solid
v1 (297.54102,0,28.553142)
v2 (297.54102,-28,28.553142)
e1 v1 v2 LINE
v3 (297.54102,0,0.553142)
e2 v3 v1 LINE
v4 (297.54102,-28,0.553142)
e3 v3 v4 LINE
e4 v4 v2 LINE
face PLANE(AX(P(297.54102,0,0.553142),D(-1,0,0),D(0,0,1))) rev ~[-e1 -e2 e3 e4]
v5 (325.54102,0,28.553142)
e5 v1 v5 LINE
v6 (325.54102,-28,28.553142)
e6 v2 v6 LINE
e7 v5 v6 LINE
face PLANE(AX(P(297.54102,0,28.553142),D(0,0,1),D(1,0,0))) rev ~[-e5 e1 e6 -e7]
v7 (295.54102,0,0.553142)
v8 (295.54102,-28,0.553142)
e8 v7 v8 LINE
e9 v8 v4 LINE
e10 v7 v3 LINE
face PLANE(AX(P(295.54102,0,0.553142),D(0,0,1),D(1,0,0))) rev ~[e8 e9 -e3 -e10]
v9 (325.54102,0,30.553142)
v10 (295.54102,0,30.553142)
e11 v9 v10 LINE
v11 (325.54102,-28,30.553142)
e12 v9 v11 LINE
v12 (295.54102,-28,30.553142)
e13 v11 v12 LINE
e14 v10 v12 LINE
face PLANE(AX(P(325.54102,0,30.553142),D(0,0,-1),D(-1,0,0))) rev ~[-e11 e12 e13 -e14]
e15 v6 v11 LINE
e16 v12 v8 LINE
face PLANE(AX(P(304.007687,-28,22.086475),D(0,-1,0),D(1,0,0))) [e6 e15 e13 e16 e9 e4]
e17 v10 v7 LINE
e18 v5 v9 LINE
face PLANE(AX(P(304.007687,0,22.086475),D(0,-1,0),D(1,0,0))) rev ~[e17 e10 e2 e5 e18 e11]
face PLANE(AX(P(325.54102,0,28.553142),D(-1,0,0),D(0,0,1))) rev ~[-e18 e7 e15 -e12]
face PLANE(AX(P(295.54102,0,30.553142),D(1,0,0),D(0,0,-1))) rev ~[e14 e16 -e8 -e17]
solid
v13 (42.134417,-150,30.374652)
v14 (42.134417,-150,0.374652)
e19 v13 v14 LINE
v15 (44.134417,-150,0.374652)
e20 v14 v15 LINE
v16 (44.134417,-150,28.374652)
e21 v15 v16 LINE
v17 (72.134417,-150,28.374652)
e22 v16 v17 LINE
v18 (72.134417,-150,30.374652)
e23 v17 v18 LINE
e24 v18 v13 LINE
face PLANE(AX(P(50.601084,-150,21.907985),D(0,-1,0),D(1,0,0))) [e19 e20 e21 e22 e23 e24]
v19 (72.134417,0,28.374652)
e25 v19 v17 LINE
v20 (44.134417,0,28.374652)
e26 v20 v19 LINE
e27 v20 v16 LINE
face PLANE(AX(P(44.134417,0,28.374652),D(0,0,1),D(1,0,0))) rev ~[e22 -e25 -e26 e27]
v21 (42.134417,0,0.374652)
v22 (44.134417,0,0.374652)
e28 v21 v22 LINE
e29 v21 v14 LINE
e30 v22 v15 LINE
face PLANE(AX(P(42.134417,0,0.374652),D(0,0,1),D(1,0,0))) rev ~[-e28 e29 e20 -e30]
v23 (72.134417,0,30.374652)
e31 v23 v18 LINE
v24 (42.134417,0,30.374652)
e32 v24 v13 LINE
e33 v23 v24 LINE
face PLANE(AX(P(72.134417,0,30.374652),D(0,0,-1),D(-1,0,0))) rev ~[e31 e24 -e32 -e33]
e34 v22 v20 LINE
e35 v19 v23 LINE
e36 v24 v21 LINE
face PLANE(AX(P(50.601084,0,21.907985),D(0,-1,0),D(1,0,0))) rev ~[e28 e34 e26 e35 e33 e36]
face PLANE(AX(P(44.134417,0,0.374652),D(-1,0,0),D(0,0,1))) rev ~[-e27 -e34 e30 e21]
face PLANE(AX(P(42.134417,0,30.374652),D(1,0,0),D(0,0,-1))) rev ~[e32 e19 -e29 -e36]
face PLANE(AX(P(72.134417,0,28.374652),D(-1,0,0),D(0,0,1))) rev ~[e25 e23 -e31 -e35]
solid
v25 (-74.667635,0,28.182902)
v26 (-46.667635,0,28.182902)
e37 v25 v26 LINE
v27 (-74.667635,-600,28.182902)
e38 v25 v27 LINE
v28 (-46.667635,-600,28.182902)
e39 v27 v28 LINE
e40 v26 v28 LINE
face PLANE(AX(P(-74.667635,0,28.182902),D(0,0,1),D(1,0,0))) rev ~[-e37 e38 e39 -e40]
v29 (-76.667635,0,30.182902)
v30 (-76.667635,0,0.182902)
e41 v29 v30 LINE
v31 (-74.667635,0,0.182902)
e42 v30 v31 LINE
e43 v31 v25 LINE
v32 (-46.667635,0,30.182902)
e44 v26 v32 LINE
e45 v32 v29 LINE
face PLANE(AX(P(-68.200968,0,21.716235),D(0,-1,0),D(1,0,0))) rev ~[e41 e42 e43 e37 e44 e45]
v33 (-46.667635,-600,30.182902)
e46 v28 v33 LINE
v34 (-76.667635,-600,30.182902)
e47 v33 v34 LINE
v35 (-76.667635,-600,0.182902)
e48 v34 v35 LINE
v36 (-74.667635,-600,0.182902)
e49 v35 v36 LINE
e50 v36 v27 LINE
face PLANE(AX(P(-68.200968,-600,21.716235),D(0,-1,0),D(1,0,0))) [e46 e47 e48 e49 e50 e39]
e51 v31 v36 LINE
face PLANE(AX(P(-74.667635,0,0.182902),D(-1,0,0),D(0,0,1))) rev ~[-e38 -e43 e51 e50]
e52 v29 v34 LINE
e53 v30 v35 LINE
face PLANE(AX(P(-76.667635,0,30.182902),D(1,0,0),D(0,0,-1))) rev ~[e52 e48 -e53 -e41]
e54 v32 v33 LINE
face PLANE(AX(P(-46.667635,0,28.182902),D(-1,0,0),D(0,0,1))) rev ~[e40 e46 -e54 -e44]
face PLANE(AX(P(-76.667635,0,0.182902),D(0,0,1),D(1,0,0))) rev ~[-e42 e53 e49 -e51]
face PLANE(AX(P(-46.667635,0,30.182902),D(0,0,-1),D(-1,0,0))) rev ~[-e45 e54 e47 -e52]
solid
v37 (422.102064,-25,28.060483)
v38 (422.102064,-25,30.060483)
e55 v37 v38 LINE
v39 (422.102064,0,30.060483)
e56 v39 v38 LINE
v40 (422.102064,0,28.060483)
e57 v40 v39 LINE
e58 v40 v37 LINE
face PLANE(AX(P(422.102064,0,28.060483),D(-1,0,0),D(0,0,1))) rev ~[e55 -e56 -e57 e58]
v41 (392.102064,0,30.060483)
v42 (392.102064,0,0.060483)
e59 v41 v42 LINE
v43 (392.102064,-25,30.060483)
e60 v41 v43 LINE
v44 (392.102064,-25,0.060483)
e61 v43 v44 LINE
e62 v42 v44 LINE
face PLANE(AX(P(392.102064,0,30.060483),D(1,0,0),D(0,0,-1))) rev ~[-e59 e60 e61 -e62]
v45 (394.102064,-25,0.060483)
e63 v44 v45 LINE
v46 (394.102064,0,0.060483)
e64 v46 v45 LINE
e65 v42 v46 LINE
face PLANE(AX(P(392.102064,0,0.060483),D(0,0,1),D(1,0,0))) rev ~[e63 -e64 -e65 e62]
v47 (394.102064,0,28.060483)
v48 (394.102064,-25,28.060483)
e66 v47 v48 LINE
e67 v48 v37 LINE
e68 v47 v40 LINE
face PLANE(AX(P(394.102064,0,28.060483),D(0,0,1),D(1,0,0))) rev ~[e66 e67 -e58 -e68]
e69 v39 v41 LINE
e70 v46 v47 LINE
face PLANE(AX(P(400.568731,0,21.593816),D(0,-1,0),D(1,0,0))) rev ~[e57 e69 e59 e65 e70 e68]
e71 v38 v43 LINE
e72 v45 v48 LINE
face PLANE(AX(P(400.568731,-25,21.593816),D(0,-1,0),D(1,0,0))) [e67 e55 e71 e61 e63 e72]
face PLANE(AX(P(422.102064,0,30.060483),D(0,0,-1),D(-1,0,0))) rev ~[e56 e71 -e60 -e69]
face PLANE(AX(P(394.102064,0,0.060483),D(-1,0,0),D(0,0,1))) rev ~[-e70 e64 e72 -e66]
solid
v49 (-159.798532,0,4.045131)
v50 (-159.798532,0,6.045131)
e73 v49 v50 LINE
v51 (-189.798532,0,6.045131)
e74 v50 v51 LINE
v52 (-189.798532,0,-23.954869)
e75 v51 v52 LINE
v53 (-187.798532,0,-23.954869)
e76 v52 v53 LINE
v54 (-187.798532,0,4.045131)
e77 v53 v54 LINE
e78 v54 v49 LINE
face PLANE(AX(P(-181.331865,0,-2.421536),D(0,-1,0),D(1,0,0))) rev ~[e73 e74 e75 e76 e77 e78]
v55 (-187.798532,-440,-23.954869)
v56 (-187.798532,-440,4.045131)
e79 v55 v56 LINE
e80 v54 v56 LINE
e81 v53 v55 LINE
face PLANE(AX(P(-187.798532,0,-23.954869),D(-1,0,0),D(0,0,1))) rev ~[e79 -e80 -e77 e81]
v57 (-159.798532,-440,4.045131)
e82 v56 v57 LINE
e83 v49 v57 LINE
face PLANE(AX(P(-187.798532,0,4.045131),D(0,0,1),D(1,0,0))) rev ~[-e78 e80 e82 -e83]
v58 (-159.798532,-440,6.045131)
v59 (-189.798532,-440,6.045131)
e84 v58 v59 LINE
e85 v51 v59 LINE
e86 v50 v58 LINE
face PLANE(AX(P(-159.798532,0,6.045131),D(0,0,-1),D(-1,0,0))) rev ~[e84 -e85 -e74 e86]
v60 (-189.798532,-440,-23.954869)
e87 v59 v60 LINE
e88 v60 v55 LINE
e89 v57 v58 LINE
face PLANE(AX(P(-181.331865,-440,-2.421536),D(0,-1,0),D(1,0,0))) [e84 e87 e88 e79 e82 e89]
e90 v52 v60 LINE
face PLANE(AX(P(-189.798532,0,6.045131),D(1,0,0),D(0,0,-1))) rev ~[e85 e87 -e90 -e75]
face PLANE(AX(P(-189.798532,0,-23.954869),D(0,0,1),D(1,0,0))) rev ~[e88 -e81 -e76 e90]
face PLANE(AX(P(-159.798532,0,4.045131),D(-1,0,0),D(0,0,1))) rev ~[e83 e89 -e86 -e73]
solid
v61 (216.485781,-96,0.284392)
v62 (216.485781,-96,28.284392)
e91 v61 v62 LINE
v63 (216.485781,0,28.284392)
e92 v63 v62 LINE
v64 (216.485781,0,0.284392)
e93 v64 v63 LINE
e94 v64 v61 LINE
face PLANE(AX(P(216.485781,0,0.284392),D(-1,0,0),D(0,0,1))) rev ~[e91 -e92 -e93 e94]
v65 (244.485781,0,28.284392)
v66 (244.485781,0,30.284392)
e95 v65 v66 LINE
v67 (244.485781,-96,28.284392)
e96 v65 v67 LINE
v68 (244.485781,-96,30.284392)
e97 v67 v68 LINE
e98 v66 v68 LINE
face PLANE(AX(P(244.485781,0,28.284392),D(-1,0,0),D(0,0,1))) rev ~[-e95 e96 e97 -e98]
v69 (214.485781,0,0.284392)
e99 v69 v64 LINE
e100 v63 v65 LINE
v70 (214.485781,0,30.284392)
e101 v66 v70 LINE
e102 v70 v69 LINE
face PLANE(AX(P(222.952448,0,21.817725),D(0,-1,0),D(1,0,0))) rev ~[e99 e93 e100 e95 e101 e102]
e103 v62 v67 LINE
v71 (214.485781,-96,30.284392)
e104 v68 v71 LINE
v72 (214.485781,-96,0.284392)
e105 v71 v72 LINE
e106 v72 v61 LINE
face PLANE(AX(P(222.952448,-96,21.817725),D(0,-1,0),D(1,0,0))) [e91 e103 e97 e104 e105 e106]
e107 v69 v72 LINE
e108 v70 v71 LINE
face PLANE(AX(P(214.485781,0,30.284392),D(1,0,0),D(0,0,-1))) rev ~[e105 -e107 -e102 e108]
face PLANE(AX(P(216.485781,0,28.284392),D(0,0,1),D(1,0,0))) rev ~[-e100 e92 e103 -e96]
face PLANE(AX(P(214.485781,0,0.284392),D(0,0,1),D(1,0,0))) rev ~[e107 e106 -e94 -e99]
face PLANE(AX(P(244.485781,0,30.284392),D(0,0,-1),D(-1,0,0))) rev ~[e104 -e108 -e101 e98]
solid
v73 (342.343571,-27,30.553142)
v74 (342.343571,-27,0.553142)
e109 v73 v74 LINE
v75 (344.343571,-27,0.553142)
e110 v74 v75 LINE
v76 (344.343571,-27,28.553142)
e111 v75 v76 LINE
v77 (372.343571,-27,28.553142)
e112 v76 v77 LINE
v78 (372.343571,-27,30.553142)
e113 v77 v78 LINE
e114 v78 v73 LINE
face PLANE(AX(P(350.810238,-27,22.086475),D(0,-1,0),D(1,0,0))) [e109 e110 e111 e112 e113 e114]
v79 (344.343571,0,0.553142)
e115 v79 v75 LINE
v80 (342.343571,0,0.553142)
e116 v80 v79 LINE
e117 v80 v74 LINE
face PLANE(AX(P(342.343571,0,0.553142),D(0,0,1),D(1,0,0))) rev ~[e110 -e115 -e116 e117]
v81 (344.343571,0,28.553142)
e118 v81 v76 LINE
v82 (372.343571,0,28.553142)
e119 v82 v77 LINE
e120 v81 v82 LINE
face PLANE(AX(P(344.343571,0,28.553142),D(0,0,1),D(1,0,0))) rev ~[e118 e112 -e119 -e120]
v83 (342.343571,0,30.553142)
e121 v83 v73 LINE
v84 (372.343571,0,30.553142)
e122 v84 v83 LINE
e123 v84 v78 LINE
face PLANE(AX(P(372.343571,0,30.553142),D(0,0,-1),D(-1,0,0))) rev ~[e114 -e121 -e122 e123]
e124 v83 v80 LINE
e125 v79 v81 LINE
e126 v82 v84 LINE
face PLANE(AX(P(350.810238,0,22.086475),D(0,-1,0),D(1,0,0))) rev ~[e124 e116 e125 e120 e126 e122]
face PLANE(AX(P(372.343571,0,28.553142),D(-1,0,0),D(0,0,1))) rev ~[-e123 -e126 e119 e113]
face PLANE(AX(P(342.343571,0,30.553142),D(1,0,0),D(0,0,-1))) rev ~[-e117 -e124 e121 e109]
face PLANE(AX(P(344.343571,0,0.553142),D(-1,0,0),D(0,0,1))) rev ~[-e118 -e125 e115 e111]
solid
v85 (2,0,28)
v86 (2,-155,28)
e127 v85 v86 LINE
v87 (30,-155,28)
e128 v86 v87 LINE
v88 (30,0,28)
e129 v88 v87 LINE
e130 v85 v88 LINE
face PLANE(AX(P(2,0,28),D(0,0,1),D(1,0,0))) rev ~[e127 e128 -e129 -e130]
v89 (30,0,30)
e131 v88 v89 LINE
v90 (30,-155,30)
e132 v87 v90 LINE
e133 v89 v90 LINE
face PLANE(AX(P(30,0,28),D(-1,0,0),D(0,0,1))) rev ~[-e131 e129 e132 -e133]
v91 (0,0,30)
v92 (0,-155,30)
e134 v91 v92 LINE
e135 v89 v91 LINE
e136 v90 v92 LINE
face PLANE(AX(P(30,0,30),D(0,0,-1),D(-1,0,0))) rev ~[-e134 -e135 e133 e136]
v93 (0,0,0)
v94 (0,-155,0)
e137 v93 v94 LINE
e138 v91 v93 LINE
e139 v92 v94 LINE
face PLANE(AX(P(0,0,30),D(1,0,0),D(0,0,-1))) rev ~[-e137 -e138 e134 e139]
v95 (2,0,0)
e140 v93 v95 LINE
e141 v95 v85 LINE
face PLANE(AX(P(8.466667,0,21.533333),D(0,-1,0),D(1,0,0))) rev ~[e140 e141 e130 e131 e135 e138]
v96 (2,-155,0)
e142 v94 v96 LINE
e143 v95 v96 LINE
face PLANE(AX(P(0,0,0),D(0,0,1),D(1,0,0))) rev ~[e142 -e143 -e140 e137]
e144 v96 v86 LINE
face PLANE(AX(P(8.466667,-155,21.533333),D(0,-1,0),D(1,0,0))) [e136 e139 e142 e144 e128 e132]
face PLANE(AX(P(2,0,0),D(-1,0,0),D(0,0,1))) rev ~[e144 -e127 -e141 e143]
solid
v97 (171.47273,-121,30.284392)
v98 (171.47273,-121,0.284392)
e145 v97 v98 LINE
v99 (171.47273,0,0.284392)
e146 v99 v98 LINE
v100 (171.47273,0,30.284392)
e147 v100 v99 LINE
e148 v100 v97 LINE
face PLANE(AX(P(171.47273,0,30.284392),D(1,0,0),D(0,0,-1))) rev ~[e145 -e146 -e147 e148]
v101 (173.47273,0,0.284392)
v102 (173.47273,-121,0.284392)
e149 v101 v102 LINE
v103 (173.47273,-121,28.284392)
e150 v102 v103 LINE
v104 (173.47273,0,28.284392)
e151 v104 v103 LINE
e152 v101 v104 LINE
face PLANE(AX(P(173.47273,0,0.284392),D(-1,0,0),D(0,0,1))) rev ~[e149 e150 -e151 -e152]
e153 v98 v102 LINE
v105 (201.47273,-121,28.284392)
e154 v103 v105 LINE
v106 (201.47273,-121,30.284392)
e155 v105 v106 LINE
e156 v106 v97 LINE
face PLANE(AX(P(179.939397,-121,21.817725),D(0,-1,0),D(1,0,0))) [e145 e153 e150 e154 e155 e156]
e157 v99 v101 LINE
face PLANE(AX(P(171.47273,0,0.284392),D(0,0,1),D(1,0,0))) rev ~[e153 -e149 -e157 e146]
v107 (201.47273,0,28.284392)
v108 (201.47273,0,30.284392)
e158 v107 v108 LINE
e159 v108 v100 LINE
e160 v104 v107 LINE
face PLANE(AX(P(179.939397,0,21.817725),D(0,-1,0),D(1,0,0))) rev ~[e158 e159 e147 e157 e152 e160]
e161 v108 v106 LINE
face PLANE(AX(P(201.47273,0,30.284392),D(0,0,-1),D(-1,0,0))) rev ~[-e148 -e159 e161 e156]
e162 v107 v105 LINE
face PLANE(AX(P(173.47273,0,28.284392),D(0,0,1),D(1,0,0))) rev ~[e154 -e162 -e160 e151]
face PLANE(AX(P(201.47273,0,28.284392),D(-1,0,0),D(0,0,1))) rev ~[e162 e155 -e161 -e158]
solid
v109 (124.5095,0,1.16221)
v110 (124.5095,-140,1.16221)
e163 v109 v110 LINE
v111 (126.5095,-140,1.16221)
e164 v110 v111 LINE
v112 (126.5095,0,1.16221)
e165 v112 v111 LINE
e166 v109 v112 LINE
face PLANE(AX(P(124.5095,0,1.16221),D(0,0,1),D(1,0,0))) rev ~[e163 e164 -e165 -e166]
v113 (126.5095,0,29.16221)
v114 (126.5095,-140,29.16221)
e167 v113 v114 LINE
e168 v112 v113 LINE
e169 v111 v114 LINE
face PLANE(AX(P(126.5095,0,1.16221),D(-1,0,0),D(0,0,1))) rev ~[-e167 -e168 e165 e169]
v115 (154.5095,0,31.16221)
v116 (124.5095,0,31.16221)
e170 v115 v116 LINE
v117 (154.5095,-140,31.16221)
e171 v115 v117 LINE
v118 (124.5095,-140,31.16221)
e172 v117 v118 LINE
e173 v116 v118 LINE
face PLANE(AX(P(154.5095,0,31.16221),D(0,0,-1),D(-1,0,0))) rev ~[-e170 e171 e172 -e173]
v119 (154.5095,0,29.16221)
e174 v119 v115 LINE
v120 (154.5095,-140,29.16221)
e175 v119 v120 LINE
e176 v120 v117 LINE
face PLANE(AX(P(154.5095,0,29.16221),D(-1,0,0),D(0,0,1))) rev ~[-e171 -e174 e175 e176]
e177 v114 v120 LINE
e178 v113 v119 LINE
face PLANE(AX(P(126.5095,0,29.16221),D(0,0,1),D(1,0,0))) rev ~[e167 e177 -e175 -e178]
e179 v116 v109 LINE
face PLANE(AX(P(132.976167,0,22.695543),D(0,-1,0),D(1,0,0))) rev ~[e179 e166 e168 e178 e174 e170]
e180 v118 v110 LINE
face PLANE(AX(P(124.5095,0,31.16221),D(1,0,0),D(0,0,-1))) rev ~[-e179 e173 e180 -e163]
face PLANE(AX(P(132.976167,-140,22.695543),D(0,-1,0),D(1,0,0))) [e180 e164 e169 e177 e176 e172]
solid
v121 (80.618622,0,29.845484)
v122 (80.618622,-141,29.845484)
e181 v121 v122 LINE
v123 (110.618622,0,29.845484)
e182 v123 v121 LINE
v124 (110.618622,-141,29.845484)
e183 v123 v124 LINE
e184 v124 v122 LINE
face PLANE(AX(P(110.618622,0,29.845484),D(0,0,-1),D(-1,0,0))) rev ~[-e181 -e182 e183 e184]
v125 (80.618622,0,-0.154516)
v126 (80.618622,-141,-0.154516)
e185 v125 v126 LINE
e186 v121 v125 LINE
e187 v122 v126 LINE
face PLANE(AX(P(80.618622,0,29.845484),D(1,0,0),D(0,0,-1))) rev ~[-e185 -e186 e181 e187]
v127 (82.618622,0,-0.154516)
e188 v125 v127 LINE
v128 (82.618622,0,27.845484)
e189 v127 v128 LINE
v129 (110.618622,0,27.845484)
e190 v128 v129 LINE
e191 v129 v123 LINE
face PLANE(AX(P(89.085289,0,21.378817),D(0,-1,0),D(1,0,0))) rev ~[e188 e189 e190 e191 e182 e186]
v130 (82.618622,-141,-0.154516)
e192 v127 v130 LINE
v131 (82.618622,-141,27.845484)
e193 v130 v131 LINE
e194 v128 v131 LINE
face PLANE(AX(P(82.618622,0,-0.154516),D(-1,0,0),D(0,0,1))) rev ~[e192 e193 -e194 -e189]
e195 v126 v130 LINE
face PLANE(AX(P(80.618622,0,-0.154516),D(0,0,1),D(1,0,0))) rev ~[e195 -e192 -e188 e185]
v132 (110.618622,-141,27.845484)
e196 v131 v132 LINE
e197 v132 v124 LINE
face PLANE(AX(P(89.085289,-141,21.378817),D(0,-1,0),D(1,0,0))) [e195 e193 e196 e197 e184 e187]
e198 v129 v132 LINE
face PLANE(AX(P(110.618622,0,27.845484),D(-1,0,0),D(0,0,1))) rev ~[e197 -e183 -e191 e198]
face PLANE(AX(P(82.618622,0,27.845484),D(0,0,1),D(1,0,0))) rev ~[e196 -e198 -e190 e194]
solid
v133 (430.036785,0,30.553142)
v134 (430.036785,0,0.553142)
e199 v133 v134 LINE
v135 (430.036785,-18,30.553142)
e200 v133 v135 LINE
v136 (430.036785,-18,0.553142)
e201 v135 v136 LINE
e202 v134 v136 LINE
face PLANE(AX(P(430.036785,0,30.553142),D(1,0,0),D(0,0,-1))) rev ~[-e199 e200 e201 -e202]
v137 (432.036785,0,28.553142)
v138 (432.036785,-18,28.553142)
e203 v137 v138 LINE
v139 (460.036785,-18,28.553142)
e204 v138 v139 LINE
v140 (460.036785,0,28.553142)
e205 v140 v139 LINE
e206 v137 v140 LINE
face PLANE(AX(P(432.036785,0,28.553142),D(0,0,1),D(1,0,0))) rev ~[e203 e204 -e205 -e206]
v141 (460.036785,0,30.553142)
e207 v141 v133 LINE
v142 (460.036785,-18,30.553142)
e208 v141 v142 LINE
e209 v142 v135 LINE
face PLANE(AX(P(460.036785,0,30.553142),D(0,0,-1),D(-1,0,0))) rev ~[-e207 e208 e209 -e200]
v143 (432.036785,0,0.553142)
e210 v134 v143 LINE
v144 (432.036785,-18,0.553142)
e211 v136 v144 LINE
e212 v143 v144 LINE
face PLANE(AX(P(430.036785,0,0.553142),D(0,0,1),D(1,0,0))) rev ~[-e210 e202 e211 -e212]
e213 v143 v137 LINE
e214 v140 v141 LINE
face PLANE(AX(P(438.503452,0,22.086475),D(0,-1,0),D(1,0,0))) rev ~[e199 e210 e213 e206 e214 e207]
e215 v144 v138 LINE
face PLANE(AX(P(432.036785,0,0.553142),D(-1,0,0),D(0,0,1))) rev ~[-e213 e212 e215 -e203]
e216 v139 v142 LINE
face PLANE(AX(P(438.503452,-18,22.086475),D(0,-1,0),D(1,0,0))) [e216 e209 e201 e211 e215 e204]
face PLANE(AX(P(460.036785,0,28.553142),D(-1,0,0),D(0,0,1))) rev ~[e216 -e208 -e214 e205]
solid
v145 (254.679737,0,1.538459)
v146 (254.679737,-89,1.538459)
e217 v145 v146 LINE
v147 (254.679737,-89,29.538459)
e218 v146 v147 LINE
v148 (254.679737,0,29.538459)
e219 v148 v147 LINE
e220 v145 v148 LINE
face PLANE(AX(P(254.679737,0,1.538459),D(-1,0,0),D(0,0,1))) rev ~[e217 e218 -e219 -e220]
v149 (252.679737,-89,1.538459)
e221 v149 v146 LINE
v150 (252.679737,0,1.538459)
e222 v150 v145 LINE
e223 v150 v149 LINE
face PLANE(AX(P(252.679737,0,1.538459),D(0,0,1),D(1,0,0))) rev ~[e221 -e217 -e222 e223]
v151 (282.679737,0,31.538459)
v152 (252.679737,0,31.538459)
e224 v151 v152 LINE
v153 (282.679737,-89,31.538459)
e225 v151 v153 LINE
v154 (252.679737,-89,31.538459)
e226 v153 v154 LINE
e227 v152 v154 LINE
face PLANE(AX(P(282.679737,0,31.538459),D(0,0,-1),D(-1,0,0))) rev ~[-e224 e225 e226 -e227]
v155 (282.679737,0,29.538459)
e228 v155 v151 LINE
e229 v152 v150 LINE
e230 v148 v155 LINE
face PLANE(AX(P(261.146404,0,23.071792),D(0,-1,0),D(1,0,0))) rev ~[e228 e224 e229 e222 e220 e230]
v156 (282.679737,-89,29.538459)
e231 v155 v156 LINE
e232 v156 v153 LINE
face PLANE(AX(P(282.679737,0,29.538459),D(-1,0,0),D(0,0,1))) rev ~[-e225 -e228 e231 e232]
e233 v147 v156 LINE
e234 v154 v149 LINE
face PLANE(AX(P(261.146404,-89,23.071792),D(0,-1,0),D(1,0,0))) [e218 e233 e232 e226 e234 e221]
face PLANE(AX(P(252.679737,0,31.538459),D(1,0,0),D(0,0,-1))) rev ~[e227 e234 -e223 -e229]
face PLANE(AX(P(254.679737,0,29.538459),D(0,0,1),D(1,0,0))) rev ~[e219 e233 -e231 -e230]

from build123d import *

# Parameters (mm, degrees)
F1_DEPTH  = 155
F2_DEPTH  = 150
F3_DEPTH  = 141
F4_DEPTH  = 140
F5_DEPTH  = 121
F6_DEPTH  = 96
F7_DEPTH  = 89
F8_DEPTH  = 28
F9_DEPTH  = 27
F10_DEPTH = 25
F11_DEPTH = 18
F12_DEPTH = 600
F13_DEPTH = 440


with BuildPart() as f1:
    # F0 (on Front) → F1 (new body)
    with BuildSketch(Plane.XZ):
        Polygon((0, 30), (0, 0), (2, 0), (2, 28), (30, 28), (30, 30), align=None)
    extrude(amount=F1_DEPTH)


with BuildPart() as f2:
    # F0 (on Front) → F2 (new body)
    with BuildSketch(Plane.XZ):
        Polygon((42.134417, 30.374652), (42.134417, 0.374652), (44.134417, 0.374652), (44.134417, 28.374652), (72.134417, 28.374652), (72.134417, 30.374652), align=None)
    extrude(amount=F2_DEPTH)


with BuildPart() as f3:
    # F0 (on Front) → F3 (new body)
    with BuildSketch(Plane.XZ):
        Polygon((80.618622, 29.845484), (80.618622, -0.154516), (82.618622, -0.154516), (82.618622, 27.845484), (110.618622, 27.845484), (110.618622, 29.845484), align=None)
    extrude(amount=F3_DEPTH)


with BuildPart() as f4:
    # F0 (on Front) → F4 (new body)
    with BuildSketch(Plane.XZ):
        Polygon((124.5095, 31.16221), (124.5095, 1.16221), (126.5095, 1.16221), (126.5095, 29.16221), (154.5095, 29.16221), (154.5095, 31.16221), align=None)
    extrude(amount=F4_DEPTH)


with BuildPart() as f5:
    # F0 (on Front) → F5 (new body)
    with BuildSketch(Plane.XZ):
        Polygon((171.47273, 30.284392), (171.47273, 0.284392), (173.47273, 0.284392), (173.47273, 28.284392), (201.47273, 28.284392), (201.47273, 30.284392), align=None)
    extrude(amount=F5_DEPTH)


with BuildPart() as f6:
    # F0 (on Front) → F6 (new body)
    with BuildSketch(Plane.XZ):
        Polygon((214.485781, 30.284392), (214.485781, 0.284392), (216.485781, 0.284392), (216.485781, 28.284392), (244.485781, 28.284392), (244.485781, 30.284392), align=None)
    extrude(amount=F6_DEPTH)


with BuildPart() as f7:
    # F0 (on Front) → F7 (new body)
    with BuildSketch(Plane.XZ):
        Polygon((252.679737, 31.538459), (252.679737, 1.538459), (254.679737, 1.538459), (254.679737, 29.538459), (282.679737, 29.538459), (282.679737, 31.538459), align=None)
    extrude(amount=F7_DEPTH)


with BuildPart() as f8:
    # F0 (on Front) → F8 (new body)
    with BuildSketch(Plane.XZ):
        Polygon((295.54102, 30.553142), (295.54102, 0.553142), (297.54102, 0.553142), (297.54102, 28.553142), (325.54102, 28.553142), (325.54102, 30.553142), align=None)
    extrude(amount=F8_DEPTH)


with BuildPart() as f9:
    # F0 (on Front) → F9 (new body)
    with BuildSketch(Plane.XZ):
        Polygon((342.343571, 30.553142), (342.343571, 0.553142), (344.343571, 0.553142), (344.343571, 28.553142), (372.343571, 28.553142), (372.343571, 30.553142), align=None)
    extrude(amount=F9_DEPTH)


with BuildPart() as f10:
    # F0 (on Front) → F10 (new body)
    with BuildSketch(Plane.XZ):
        Polygon((392.102064, 30.060483), (392.102064, 0.060483), (394.102064, 0.060483), (394.102064, 28.060483), (422.102064, 28.060483), (422.102064, 30.060483), align=None)
    extrude(amount=F10_DEPTH)


with BuildPart() as f11:
    # F0 (on Front) → F11 (new body)
    with BuildSketch(Plane.XZ):
        Polygon((430.036785, 30.553142), (430.036785, 0.553142), (432.036785, 0.553142), (432.036785, 28.553142), (460.036785, 28.553142), (460.036785, 30.553142), align=None)
    extrude(amount=F11_DEPTH)


with BuildPart() as f12:
    # F0 (on Front) → F12 (new body)
    with BuildSketch(Plane.XZ):
        Polygon((-76.667635, 30.182902), (-76.667635, 0.182902), (-74.667635, 0.182902), (-74.667635, 28.182902), (-46.667635, 28.182902), (-46.667635, 30.182902), align=None)
    extrude(amount=F12_DEPTH)


with BuildPart() as f13:
    # F0 (on Front) → F13 (new body)
    with BuildSketch(Plane.XZ):
        Polygon((-189.798532, 6.045131), (-189.798532, -23.954869), (-187.798532, -23.954869), (-187.798532, 4.045131), (-159.798532, 4.045131), (-159.798532, 6.045131), align=None)
    extrude(amount=F13_DEPTH)


solid = Compound([f1.part, f2.part, f3.part, f4.part, f5.part, f6.part, f7.part, f8.part, f9.part, f10.part, f11.part, f12.part, f13.part])
